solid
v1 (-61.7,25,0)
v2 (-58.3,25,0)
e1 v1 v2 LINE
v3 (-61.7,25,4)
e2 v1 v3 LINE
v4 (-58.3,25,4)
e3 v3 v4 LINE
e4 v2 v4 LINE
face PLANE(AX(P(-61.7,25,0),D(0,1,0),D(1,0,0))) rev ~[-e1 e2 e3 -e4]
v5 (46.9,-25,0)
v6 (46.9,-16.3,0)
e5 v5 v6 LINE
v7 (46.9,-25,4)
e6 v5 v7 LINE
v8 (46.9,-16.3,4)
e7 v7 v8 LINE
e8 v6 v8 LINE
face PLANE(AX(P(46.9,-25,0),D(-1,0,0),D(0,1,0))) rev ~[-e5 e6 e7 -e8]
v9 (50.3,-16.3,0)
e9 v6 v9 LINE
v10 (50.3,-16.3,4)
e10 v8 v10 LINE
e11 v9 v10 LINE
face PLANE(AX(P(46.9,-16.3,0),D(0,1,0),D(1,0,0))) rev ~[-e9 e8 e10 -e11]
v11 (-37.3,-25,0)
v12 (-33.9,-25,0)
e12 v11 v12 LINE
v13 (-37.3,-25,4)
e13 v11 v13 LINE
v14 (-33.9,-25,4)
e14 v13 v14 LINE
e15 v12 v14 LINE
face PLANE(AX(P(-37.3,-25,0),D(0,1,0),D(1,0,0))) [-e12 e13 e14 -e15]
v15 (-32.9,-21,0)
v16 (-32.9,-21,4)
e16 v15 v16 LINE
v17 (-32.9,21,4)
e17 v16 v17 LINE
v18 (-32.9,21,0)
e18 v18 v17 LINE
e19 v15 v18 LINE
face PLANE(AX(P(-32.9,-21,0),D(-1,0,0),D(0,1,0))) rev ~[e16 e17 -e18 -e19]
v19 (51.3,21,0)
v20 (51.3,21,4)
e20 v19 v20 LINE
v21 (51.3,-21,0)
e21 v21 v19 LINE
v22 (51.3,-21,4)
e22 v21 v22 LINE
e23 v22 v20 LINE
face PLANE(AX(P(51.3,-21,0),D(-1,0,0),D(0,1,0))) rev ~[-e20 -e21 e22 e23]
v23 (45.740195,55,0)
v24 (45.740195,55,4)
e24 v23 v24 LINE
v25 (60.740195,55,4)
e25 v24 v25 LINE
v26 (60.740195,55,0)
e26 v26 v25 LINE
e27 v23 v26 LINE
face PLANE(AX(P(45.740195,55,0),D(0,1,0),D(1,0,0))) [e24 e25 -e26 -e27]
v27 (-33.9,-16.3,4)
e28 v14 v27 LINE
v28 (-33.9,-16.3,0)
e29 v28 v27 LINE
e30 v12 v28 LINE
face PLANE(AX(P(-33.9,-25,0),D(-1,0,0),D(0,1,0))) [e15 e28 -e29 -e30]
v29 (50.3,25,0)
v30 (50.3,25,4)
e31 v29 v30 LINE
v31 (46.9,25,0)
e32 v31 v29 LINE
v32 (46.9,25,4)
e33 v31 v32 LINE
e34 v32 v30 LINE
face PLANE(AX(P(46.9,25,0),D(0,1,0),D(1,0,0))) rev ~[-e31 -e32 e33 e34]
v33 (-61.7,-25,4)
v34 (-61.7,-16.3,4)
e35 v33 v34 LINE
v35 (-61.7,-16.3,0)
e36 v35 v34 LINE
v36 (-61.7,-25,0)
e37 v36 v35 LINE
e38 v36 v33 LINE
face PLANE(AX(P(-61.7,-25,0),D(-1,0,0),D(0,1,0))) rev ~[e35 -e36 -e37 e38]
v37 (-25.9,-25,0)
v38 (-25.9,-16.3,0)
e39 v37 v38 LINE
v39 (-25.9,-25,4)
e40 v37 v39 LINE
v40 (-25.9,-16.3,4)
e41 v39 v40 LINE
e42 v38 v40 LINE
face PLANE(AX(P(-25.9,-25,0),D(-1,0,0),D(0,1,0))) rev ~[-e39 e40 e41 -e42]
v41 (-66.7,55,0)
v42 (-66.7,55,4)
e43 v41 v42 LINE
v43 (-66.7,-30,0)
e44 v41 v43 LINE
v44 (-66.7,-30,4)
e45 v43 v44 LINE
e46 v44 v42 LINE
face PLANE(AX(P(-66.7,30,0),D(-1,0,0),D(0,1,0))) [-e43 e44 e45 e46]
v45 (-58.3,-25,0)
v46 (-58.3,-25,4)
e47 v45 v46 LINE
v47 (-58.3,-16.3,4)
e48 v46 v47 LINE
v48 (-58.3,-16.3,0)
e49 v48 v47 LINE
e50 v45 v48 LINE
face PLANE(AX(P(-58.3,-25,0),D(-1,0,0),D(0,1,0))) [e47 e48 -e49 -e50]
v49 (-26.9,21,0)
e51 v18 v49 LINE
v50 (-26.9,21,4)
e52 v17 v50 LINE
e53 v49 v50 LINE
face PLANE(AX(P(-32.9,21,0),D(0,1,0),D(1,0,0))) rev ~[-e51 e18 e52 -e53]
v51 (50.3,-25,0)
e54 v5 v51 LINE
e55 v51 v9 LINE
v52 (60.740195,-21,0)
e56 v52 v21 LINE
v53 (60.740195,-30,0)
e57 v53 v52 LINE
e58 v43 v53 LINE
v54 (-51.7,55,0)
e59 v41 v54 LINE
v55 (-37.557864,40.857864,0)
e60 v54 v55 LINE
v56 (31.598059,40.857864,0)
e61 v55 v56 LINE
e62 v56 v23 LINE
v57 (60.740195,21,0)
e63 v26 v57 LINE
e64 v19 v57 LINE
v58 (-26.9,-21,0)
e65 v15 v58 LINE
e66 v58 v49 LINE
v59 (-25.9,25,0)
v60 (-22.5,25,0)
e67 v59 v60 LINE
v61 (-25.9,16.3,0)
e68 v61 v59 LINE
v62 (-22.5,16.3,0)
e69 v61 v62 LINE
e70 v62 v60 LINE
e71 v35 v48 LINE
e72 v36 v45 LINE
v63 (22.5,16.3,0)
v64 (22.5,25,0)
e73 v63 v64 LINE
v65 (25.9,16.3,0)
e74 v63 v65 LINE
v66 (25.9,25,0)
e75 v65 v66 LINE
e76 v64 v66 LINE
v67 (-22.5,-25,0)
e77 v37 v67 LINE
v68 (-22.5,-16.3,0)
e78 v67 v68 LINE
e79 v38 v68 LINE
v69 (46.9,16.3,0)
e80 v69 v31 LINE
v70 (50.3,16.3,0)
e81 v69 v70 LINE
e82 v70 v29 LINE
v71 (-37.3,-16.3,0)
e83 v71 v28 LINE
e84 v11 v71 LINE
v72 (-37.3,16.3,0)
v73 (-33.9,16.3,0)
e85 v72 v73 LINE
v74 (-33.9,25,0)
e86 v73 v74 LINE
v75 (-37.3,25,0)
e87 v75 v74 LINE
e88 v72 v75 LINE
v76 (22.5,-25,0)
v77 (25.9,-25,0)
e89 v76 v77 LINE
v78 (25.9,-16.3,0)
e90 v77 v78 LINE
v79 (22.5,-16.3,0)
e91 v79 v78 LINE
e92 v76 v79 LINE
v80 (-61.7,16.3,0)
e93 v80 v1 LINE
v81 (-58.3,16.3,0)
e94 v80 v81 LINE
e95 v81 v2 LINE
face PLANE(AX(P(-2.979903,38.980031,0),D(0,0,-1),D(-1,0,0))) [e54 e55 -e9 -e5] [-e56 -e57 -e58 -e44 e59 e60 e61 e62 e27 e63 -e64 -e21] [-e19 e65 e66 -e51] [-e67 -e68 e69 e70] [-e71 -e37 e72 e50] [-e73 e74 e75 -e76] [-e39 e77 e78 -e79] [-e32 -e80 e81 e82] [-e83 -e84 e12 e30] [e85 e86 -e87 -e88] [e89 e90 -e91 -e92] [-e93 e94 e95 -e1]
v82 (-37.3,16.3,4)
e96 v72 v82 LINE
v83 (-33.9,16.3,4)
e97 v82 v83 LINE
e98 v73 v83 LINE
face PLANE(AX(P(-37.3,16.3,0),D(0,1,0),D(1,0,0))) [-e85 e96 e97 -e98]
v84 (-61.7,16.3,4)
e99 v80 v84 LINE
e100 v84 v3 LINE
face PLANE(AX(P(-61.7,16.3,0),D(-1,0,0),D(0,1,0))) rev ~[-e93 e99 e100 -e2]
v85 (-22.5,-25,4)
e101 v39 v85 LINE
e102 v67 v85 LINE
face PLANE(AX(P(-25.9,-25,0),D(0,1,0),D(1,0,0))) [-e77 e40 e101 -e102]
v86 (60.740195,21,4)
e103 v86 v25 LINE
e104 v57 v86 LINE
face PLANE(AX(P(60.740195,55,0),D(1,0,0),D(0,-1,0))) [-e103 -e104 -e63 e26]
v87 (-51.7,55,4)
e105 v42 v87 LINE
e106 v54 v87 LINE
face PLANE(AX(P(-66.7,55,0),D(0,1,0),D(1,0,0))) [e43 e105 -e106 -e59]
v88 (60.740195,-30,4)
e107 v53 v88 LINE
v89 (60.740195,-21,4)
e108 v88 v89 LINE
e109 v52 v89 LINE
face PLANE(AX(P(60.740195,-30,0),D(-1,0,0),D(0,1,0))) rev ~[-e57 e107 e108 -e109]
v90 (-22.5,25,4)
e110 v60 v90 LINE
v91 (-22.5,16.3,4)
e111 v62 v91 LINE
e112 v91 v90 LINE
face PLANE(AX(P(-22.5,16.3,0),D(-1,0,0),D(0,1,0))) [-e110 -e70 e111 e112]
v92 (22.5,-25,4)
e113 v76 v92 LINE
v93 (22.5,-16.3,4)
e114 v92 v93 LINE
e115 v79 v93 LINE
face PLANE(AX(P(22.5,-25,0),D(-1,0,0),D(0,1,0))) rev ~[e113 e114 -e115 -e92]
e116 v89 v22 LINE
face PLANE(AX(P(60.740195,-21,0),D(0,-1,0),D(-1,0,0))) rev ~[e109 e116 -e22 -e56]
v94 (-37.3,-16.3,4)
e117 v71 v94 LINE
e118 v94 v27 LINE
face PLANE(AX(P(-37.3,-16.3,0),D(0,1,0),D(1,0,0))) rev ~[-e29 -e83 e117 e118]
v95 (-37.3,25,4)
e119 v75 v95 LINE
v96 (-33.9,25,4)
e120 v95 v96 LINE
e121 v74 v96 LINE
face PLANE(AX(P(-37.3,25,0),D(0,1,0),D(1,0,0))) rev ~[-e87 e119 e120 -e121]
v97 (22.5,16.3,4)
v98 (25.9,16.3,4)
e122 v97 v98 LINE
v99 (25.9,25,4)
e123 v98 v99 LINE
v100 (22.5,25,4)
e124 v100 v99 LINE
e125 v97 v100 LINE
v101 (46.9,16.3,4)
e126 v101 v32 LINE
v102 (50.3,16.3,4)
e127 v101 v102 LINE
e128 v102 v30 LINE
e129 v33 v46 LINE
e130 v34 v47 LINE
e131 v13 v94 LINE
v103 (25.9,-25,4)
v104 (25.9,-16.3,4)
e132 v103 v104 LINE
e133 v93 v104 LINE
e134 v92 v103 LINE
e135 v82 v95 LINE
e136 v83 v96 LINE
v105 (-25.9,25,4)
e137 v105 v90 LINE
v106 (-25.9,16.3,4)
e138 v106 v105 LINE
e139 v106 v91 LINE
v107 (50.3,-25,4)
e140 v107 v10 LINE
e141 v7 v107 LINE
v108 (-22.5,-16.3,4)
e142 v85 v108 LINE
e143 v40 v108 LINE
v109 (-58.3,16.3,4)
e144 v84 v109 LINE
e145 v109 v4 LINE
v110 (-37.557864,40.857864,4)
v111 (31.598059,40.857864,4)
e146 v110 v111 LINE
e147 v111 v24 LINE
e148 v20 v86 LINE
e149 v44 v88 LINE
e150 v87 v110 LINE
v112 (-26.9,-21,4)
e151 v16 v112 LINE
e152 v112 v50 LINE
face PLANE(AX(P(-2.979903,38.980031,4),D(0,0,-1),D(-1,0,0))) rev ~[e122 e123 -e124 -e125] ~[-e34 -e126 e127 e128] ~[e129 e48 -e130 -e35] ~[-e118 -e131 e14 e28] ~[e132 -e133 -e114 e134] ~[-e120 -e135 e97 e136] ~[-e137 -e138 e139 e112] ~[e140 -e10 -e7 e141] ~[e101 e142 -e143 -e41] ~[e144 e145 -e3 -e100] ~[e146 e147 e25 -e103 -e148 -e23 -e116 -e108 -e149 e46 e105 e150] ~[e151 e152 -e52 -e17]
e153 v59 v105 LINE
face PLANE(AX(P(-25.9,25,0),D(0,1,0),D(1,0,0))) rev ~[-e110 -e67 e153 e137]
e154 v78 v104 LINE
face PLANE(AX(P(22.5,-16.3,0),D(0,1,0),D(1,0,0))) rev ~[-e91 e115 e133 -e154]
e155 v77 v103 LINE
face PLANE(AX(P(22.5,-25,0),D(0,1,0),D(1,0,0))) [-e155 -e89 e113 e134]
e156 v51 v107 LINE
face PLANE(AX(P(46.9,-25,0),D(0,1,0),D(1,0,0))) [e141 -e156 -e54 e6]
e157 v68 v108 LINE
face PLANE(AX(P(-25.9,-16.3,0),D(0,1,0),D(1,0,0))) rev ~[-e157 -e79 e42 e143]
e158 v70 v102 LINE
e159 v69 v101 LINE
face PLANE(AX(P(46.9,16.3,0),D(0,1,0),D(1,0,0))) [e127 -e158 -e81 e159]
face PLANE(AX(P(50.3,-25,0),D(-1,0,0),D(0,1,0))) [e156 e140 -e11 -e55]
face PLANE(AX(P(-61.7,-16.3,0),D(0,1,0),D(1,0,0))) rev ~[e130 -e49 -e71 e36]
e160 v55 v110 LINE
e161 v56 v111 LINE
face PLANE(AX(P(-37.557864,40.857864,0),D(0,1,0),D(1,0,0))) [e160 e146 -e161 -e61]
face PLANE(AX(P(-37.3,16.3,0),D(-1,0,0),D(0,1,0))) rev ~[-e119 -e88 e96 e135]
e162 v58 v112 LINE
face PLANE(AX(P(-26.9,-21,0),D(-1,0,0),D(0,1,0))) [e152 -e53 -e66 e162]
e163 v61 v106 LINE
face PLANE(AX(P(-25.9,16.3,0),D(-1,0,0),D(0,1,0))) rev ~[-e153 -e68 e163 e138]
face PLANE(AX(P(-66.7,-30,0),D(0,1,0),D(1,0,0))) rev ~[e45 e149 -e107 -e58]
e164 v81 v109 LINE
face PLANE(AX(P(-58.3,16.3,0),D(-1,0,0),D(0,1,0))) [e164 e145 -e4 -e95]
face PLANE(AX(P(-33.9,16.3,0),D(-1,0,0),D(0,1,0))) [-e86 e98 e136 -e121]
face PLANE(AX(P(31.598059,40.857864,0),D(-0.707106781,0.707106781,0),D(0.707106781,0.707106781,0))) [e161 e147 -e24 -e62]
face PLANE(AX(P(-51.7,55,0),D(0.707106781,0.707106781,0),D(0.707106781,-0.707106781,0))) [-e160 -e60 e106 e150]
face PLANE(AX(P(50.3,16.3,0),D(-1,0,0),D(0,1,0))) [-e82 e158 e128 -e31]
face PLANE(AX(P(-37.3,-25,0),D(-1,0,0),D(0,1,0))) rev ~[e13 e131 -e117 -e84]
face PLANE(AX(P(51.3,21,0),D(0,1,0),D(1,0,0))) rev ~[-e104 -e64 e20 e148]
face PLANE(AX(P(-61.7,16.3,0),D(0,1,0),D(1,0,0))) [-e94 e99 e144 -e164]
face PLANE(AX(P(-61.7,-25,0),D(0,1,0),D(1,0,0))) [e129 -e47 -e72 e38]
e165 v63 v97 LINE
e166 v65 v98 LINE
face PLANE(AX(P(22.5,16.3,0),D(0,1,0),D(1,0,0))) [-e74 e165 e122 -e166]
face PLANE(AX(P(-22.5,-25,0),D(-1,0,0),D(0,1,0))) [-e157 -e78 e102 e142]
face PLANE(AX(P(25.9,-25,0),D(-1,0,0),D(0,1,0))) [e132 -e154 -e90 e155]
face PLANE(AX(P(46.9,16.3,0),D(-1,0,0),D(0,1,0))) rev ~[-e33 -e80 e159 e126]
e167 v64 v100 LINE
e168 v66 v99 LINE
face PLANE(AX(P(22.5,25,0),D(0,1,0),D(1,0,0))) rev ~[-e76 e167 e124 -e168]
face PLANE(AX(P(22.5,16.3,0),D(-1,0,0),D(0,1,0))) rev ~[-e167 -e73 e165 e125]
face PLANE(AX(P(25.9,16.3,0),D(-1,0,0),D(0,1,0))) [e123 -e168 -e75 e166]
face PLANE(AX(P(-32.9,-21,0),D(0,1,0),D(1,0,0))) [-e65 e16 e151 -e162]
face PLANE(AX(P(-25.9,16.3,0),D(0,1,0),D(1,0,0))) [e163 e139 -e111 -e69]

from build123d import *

# Parameters (mm, degrees)
SKETCH1_W           = 3.4
SKETCH1_H           = 8.7
SKETCH1_W_2         = 6
SKETCH1_H_2         = 42
BOSS_EXTRUDE1_DEPTH = 4
BOSS_EXTRUDE2_DEPTH = 4


with BuildPart() as part:
    # Sketch1 → Boss-Extrude1 (new body)
    with BuildSketch(Plane.XY):
        Polygon((-66.7, 30), (-66.7, -30), (55.3, -30), (60.740194605, -30), (60.740194605, -21), (58.8, -21), (51.3, -21), (51.3, 21), (58.8, 21), (60.740194605, 21), (60.740194605, 30), (55.3, 30), align=None)
        with Locations((-35.6, 20.65)):
            Rectangle(SKETCH1_W, SKETCH1_H, mode=Mode.SUBTRACT)
        with Locations((24.2, 20.65)):
            Rectangle(SKETCH1_W, SKETCH1_H, mode=Mode.SUBTRACT)
        with Locations((24.2, -20.65)):
            Rectangle(SKETCH1_W, SKETCH1_H, mode=Mode.SUBTRACT)
        with Locations((-24.2, 20.65)):
            Rectangle(SKETCH1_W, SKETCH1_H, mode=Mode.SUBTRACT)
        with Locations((-24.2, -20.65)):
            Rectangle(SKETCH1_W, SKETCH1_H, mode=Mode.SUBTRACT)
        with Locations((48.6, 20.65)):
            Rectangle(SKETCH1_W, SKETCH1_H, mode=Mode.SUBTRACT)
        with Locations((48.6, -20.65)):
            Rectangle(SKETCH1_W, SKETCH1_H, mode=Mode.SUBTRACT)
        with Locations((-35.6, -20.65)):
            Rectangle(SKETCH1_W, SKETCH1_H, mode=Mode.SUBTRACT)
        with Locations((-60, 20.65)):
            Rectangle(SKETCH1_W, SKETCH1_H, mode=Mode.SUBTRACT)
        with Locations((-60, -20.65)):
            Rectangle(SKETCH1_W, SKETCH1_H, mode=Mode.SUBTRACT)
        with Locations((-29.9, 0)):
            Rectangle(SKETCH1_W_2, SKETCH1_H_2, mode=Mode.SUBTRACT)
    extrude(amount=BOSS_EXTRUDE1_DEPTH)

    # Sketch2 → Boss-Extrude2 (add)
    with BuildSketch(Plane.XY):
        Polygon((-66.7, 30), (-66.7, 55), (-51.7, 55), (-37.557864376, 40.857864376), (31.598058981, 40.857864376), (45.740194605, 55), (60.740194605, 55), (60.740194605, 30), align=None)
    extrude(amount=BOSS_EXTRUDE2_DEPTH)


solid = part.part
